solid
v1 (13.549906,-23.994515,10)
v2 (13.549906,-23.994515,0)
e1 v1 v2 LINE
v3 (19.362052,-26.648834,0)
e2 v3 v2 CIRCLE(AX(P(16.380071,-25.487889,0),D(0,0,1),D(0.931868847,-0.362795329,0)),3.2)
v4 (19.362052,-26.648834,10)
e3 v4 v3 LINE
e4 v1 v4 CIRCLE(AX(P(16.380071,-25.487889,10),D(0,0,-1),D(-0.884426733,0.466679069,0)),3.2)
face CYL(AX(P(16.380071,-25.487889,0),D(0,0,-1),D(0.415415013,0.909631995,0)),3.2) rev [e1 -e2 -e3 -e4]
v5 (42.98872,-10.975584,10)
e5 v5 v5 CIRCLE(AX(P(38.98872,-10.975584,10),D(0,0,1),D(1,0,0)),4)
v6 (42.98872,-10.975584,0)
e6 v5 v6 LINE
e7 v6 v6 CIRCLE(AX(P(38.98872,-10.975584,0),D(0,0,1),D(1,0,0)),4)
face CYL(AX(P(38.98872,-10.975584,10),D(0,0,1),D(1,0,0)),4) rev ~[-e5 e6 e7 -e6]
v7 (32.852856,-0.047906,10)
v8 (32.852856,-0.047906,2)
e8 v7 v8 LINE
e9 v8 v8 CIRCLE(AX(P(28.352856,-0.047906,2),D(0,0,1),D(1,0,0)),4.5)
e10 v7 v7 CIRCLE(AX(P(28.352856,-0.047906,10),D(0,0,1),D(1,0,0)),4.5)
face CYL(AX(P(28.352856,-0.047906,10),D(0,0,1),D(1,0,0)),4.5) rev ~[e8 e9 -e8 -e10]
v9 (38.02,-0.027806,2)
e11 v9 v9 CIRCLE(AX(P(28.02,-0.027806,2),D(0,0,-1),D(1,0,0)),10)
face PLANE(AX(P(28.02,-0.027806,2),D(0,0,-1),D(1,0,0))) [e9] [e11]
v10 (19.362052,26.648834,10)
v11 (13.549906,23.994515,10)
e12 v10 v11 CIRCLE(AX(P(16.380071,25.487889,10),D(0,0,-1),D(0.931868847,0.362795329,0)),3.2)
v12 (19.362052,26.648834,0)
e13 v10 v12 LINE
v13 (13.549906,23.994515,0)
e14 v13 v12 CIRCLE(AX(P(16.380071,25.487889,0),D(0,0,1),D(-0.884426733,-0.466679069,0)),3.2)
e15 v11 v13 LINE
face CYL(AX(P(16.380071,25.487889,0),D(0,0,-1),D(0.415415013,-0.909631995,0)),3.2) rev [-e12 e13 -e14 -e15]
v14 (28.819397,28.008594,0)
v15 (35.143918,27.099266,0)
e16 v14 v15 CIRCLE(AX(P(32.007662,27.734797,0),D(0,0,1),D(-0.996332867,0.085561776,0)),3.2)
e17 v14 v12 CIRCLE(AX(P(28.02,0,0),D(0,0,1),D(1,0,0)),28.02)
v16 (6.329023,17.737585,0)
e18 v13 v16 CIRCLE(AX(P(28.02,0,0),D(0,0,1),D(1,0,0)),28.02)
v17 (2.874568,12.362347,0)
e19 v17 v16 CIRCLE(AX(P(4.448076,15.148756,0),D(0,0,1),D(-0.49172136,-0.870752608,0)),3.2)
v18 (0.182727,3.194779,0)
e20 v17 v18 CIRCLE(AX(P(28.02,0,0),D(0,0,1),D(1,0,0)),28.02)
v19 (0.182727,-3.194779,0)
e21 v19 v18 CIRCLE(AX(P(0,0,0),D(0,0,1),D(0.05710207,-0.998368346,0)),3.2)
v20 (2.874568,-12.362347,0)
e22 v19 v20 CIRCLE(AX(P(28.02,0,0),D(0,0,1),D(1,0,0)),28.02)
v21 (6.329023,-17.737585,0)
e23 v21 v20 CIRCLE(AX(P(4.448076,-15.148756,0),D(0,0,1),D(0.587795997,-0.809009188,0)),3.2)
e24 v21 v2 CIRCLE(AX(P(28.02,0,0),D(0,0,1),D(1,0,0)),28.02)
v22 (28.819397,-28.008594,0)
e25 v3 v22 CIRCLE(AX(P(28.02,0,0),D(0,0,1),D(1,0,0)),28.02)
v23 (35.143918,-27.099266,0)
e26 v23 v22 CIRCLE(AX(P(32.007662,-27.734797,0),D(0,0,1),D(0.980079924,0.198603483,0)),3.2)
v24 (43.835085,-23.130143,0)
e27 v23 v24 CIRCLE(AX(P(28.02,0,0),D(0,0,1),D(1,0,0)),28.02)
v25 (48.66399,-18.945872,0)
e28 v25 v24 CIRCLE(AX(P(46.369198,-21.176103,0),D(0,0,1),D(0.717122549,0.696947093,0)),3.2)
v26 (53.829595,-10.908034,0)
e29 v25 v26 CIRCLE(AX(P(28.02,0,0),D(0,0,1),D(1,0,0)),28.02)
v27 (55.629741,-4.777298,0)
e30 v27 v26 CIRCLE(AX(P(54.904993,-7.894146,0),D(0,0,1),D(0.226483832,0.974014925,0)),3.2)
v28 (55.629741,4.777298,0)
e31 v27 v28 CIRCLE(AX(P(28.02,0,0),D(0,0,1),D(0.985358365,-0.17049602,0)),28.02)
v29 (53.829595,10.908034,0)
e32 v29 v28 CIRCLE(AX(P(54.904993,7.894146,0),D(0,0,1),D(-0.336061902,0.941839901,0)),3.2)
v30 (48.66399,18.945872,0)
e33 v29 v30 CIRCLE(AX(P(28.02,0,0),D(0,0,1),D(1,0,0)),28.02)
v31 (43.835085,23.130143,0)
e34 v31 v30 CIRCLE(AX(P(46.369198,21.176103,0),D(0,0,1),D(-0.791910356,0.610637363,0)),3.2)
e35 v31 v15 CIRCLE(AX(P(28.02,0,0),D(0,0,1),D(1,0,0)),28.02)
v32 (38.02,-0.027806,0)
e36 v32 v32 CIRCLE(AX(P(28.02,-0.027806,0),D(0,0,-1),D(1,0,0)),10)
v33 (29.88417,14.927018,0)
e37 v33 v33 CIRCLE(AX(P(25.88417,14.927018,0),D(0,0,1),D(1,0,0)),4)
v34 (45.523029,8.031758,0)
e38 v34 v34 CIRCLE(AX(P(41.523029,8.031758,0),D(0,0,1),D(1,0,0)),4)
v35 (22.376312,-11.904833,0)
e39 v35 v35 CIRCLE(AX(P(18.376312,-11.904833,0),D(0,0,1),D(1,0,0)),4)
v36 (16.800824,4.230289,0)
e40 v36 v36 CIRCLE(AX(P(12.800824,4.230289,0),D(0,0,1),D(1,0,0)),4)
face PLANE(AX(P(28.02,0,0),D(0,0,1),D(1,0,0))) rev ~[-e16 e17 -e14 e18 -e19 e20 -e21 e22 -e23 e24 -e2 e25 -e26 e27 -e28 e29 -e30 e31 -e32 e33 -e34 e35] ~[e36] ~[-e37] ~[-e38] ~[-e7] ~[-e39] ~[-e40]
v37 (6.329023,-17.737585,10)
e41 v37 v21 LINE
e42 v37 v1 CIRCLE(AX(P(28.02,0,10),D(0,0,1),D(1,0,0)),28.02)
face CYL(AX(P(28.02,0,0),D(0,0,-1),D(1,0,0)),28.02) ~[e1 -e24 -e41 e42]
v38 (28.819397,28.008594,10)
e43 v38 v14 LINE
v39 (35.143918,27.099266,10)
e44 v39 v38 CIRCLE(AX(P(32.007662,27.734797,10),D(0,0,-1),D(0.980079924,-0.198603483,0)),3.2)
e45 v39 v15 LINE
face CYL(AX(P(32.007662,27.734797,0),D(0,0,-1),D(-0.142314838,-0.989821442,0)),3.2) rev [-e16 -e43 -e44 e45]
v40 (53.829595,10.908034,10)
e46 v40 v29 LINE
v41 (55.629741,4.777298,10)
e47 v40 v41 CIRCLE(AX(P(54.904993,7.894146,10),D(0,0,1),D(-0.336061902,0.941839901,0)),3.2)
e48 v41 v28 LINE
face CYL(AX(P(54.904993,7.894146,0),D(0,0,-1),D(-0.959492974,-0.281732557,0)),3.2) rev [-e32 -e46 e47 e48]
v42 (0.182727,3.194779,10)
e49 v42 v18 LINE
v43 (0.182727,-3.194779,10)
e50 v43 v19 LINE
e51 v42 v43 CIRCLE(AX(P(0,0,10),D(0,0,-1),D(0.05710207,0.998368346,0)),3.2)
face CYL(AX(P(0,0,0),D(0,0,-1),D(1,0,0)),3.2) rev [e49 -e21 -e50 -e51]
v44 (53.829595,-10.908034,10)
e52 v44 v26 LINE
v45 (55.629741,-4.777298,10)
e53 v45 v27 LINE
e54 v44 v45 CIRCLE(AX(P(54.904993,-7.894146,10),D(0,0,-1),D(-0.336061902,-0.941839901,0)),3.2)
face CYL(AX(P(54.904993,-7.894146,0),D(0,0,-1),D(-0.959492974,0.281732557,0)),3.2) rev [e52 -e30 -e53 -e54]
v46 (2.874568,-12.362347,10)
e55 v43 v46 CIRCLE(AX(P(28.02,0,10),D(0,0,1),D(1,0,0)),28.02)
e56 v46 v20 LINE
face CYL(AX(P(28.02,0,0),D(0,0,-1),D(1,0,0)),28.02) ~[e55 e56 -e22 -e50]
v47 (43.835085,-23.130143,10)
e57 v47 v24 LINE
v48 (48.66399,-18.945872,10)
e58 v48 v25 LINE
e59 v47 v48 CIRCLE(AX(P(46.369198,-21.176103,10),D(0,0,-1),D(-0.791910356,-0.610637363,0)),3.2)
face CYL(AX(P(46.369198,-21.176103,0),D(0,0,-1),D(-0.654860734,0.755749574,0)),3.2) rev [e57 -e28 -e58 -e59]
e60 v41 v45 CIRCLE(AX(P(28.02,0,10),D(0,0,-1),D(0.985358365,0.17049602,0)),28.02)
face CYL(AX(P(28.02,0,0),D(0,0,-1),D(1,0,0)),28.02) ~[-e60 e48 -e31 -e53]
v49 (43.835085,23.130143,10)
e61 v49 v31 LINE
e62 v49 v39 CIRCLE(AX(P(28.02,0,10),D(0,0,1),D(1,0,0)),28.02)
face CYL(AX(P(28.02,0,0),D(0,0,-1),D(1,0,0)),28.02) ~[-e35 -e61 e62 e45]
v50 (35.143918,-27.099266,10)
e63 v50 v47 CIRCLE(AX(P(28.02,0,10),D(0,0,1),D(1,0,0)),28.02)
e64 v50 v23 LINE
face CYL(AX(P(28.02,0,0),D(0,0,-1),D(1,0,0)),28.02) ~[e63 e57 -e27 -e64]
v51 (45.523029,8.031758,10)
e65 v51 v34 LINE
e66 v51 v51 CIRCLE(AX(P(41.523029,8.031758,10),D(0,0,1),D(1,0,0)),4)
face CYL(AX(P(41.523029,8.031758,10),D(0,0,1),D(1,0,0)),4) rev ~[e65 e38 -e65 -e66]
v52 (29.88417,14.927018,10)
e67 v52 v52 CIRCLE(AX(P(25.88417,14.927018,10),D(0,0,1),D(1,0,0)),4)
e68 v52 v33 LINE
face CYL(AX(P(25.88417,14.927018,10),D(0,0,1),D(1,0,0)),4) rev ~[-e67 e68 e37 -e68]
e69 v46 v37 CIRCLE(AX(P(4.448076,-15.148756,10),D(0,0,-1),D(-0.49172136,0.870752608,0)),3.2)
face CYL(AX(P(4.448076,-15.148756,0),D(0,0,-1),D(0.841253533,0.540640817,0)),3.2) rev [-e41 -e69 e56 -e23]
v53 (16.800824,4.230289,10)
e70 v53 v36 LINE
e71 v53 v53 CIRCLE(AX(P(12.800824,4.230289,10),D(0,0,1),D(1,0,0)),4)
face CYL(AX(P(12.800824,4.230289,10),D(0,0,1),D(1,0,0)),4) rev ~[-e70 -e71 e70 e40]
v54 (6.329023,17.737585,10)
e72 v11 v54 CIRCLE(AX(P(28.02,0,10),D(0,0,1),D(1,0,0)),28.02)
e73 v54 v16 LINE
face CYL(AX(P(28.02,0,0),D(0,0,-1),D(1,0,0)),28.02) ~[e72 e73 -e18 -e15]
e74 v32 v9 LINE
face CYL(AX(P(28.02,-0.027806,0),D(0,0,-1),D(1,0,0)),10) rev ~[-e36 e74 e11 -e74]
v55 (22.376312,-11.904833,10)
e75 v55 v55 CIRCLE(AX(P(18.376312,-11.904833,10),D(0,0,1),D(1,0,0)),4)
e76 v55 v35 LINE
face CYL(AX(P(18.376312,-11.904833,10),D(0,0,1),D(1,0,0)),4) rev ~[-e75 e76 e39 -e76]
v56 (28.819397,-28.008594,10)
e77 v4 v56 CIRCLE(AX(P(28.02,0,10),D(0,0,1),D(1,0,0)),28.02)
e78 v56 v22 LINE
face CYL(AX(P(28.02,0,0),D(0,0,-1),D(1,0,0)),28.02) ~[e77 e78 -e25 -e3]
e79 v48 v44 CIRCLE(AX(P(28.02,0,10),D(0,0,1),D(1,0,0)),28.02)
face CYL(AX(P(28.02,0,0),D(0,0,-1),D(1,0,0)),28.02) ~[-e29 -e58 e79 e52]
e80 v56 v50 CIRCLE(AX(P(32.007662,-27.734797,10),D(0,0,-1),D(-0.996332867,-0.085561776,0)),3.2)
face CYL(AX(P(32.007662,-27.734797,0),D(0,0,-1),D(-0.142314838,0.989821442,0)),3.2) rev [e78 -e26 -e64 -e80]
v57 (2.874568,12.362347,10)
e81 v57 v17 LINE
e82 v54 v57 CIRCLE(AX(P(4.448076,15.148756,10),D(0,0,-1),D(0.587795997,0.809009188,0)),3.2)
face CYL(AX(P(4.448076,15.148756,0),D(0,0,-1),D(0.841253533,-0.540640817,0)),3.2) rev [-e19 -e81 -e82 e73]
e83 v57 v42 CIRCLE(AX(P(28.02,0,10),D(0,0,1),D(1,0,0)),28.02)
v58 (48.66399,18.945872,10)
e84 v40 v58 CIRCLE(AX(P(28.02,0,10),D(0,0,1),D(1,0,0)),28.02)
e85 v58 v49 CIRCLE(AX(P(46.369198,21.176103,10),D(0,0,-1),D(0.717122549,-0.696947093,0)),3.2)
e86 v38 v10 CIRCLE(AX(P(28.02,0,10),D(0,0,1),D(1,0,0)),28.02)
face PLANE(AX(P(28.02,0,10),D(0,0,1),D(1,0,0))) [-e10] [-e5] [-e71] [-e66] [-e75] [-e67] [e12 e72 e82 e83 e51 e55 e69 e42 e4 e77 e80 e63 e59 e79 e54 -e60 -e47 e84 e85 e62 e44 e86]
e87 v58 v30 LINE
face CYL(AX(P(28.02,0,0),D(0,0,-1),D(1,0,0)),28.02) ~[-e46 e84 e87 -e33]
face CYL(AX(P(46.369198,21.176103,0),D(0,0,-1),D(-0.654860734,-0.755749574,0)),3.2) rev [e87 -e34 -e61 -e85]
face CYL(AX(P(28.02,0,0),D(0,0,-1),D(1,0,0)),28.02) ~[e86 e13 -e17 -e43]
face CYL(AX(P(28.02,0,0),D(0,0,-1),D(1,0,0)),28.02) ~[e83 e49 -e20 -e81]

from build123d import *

# Parameters (mm, degrees)
CYLINDER009_R      = 3.2
CYLINDER009_DEPTH  = 10
ARRAY001_COUNT     = 11
CYLINDER010_R      = 28.02
CYLINDER010_DEPTH  = 10
SKETCH002_R        = 4.5
SKETCH002_R_2      = 4
POCKET001_DEPTH    = 10.001
SKETCH003_R        = 10
POCKET002002_DEPTH = 2


with BuildPart() as dientes001:
    # Cylinder009 → Cylinder009 (new body)
    with BuildSketch(Plane.XY):
        Circle(CYLINDER009_R)
    extrude(amount=CYLINDER009_DEPTH)

    # Array001: Dientes001 ×11 about axis
    array001_axis = Axis((28.02, 0, 0), (0, 0, 1))


with BuildPart() as dientes001_1:
    add(dientes001.part)
    for i in range(1, ARRAY001_COUNT):
        add(dientes001.part.rotate(array001_axis, i * 360 / ARRAY001_COUNT))


with BuildPart() as taladro_servohorn:
    # Cylinder010 → Cylinder010 (new body)
    with BuildSketch(Plane(origin=(28.02, 0, 0), x_dir=(1, 0, 0), z_dir=(0, 0, 1))):
        Circle(CYLINDER010_R)
    extrude(amount=CYLINDER010_DEPTH)

    # Cut007: cut Dientes001
    add(dientes001_1.part, mode=Mode.SUBTRACT)

    # Sketch002 → Pocket001 (cut, through all)
    with BuildSketch(Plane.XY.offset(10)):
        with Locations((28.352856, -0.047906)):
            Circle(SKETCH002_R)
        with Locations((18.376312, -11.904833)):
            Circle(SKETCH002_R_2)
        with Locations((41.523029, 8.031758)):
            Circle(SKETCH002_R_2)
        with Locations((38.98872, -10.975584)):
            Circle(SKETCH002_R_2)
        with Locations((12.800824, 4.230289)):
            Circle(SKETCH002_R_2)
        with Locations((25.88417, 14.927018)):
            Circle(SKETCH002_R_2)
    extrude(amount=-POCKET001_DEPTH, mode=Mode.SUBTRACT)

    # Sketch003 → Pocket002002 (cut)
    with BuildSketch(Plane(origin=(0, 0, 0), x_dir=(1, 0, 0), z_dir=(0, 0, -1))):
        with Locations((28.02, 0.027806)):
            Circle(SKETCH003_R)
    extrude(amount=-POCKET002002_DEPTH, mode=Mode.SUBTRACT)


solid = taladro_servohorn.part
